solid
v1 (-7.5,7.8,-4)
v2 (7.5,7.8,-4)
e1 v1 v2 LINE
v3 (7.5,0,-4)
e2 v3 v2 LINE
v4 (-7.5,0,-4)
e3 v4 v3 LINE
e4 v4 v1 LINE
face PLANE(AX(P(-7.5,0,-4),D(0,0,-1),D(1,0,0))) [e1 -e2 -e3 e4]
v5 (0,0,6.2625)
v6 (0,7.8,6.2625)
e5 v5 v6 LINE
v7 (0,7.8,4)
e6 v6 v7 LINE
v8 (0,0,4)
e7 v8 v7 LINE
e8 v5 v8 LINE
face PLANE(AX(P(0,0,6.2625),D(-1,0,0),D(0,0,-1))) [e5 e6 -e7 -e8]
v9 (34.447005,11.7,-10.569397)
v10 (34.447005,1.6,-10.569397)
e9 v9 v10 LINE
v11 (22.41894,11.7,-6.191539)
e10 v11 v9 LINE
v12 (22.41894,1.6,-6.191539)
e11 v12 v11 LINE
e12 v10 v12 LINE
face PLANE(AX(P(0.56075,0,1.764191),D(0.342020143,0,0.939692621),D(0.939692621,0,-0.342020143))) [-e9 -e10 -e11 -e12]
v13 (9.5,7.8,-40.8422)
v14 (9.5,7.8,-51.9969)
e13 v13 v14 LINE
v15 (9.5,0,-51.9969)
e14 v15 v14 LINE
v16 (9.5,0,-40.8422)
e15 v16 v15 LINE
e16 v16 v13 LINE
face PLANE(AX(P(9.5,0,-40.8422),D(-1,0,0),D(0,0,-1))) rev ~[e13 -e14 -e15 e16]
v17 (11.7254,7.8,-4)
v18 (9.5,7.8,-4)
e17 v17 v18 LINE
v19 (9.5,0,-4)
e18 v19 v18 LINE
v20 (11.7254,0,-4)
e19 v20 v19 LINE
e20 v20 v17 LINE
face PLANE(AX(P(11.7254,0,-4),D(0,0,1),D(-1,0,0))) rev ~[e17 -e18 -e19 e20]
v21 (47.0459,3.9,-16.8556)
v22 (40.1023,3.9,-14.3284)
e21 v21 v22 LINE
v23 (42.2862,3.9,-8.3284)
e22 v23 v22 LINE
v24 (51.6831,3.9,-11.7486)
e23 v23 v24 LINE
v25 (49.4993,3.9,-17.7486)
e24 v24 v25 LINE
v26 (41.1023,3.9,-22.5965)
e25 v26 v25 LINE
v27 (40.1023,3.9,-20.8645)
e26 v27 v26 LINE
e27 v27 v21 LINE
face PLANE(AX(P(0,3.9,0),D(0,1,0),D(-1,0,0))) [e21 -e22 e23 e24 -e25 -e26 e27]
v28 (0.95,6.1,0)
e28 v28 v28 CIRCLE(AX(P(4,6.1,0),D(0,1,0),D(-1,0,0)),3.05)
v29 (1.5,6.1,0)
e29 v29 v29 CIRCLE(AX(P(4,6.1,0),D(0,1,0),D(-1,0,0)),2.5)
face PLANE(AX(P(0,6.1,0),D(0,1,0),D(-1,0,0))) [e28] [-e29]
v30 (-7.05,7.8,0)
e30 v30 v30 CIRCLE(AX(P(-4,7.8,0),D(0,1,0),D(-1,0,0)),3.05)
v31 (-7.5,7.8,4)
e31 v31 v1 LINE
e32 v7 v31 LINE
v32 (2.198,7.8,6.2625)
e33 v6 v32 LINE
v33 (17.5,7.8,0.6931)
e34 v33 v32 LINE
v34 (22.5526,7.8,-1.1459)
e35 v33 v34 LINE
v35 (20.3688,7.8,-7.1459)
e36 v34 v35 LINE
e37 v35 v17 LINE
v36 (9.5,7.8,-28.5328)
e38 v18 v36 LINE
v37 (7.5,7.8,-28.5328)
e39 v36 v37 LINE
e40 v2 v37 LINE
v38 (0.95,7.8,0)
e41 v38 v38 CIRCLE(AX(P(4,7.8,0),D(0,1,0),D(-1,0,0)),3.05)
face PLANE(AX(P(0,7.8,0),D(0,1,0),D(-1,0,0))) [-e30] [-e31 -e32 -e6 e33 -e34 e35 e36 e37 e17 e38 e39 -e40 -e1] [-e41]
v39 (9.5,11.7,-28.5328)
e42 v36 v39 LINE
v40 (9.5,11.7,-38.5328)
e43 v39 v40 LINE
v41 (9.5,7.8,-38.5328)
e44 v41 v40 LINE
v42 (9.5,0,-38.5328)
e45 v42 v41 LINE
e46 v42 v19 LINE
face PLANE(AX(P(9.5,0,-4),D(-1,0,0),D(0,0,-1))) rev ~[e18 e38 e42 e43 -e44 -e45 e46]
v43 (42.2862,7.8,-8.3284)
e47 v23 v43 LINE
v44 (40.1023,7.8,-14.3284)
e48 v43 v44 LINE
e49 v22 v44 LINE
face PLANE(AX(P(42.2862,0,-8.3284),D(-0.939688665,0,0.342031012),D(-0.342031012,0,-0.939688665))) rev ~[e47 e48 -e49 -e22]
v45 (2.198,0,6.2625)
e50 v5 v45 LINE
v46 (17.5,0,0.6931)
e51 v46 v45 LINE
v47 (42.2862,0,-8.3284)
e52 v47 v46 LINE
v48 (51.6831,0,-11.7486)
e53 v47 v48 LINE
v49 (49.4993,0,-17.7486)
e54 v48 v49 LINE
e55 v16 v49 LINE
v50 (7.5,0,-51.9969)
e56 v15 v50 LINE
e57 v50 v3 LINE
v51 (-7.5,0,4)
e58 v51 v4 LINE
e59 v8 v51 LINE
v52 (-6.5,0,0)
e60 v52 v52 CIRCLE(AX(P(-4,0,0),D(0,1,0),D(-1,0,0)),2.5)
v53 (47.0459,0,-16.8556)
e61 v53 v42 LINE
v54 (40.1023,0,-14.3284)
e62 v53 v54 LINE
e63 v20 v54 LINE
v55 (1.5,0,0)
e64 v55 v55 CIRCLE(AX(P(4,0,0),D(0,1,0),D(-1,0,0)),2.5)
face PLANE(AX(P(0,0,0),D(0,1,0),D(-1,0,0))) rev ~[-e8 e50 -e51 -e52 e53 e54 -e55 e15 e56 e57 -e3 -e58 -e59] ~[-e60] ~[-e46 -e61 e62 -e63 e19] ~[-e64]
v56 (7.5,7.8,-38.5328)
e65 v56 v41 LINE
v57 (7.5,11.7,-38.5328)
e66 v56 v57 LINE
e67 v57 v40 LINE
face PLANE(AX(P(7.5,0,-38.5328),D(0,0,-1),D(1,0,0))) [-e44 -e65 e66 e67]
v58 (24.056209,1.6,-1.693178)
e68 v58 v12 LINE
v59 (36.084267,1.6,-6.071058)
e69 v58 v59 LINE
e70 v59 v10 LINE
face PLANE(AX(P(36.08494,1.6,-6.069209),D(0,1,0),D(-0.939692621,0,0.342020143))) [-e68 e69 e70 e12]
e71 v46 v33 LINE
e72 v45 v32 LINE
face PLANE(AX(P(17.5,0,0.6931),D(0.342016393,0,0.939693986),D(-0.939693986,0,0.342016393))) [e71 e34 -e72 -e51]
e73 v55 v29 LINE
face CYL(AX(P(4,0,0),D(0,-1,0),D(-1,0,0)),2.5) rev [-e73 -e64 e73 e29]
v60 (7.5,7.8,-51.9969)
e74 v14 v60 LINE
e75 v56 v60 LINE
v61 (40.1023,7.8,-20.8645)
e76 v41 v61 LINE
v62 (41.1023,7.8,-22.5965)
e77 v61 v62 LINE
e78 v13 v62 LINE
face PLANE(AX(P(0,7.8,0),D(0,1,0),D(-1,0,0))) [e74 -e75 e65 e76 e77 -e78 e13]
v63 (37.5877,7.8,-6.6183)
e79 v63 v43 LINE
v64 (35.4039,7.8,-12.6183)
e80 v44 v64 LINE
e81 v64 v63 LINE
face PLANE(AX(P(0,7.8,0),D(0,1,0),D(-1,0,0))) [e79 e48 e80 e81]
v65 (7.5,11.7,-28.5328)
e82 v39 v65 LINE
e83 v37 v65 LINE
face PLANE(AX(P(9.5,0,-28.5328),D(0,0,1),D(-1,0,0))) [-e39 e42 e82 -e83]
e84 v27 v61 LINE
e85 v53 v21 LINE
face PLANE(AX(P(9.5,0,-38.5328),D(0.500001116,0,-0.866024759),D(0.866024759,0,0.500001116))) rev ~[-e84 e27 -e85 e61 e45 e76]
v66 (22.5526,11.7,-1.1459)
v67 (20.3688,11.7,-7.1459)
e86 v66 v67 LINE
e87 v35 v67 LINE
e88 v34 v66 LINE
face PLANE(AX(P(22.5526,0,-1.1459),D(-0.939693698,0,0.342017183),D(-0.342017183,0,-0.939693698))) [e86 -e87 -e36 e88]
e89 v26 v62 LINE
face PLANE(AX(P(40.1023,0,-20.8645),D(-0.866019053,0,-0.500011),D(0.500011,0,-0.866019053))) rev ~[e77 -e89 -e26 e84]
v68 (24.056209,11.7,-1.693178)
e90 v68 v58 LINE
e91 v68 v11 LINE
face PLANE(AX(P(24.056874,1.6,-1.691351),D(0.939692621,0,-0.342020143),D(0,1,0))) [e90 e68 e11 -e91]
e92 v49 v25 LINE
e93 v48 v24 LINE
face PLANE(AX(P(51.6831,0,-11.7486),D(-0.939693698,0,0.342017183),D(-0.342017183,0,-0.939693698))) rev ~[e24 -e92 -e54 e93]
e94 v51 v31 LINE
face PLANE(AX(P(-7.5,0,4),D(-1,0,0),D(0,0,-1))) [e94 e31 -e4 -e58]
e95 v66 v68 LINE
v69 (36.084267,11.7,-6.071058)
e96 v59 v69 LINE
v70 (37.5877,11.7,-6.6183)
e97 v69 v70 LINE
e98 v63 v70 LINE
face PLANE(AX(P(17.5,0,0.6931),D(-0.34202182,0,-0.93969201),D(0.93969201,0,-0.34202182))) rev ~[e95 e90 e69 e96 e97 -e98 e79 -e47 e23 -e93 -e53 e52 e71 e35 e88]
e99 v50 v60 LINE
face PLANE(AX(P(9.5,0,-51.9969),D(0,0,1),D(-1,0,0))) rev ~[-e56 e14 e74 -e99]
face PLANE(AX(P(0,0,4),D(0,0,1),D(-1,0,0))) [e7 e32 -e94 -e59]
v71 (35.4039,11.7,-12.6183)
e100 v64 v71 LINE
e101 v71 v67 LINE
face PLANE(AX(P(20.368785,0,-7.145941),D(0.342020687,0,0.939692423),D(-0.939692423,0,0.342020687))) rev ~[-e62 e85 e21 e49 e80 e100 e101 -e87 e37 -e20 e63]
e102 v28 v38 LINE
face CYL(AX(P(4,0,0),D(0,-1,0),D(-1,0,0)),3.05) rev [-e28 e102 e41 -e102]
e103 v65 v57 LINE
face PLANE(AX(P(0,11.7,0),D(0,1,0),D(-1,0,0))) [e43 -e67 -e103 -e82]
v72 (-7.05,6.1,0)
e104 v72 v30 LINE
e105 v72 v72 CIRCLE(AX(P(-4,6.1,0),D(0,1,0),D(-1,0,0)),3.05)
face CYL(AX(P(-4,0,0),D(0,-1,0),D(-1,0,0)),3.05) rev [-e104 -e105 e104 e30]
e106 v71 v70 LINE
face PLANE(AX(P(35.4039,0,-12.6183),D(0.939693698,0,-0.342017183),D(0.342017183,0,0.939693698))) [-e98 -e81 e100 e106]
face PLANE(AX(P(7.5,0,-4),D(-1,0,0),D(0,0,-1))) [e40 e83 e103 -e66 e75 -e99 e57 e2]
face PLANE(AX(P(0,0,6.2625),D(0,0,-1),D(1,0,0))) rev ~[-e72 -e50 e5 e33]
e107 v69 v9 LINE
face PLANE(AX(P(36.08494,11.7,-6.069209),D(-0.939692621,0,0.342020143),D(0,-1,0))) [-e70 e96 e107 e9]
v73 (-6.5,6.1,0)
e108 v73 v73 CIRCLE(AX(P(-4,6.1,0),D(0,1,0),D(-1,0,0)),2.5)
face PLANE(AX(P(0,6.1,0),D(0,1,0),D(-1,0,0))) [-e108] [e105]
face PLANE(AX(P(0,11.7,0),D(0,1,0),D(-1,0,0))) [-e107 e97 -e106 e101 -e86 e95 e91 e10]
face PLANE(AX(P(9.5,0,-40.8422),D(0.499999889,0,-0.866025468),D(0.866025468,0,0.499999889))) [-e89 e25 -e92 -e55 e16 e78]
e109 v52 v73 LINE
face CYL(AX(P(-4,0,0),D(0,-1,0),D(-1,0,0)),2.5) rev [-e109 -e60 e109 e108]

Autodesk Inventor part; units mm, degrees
ref_plane "YZ Plane" through (0, 0, 0) normal (1, 0, 0) x (0, 1, 0)
ref_plane "XZ Plane" through (0, 0, 0) normal (0, 1, 0) x (-1, 0, 0)
ref_plane "XY Plane" through (0, 0, 0) normal (0, 0, 1) x (1, 0, 0)
sketch "Sketch2" plane through (0, 0, 0) normal (0, 1, 0) x (-1, 0, 0)
  line L0 (7.5, -4) -> (-7.5, -4)
  line L1 (-7.5, -4) -> (-7.5, 4)
  line L2 (-7.5, 4) -> (7.5, 4)
  line L3 (7.5, 4) -> (7.5, -4)
  circle A0 centre (4, 0) radius 2.5
  circle A1 centre (-4, 0) radius 2.5
  line L4 (0, -4) -> (0, 11) construction
  circle A2 centre (0, 11) radius 3.7 construction
  line L5 (-30.3941, -4) -> (1.2655, 7.5231) construction
  line L6 (-17.5, -4) -> (-17.5, 0.6931)
  line L7 (-17.5, 0.6931) -> (0, 7.0625)
  line L8 (0, 7.0625) -> (0, 4)
  line L9 (-17.5, -4) -> (-7.5, -4)
  line L10 (-11.8902, 2.7349) -> (-12.4882, 4.3778) construction
  line L11 (-17.5, 0.6931) -> (-51.6831, -11.7486)
  line L12 (-51.6831, -11.7486) -> (-49.4993, -17.7486)
  circle A3 centre (0, 7.0625) radius 55 construction
  line L13 (0, 14.7) -> (0, 62.0625) construction
  line L14 (-49.4993, -17.7486) -> (-11.7254, -4)
  line L15 (-7.5, -4) -> (-7.5, -41.9969)
  line L16 (-7.5, -41.9969) -> (-49.4993, -17.7486)
  line L17 (-9.5, -4) -> (-9.5, -38.5328)
  line L18 (-9.5, -38.5328) -> (-47.0459, -16.8556)
  line L19 (0, 6.2625) -> (-2.198, 6.2625)
  line L20 (-22.5526, -1.1459) -> (-20.3688, -7.1459)
  line L21 (-20.3688, -7.1459) -> (-35.4039, -12.6183)
  line L22 (-35.4039, -12.6183) -> (-37.5877, -6.6183)
  line L23 (-37.5877, -6.6183) -> (-22.5526, -1.1459)
  line L24 (-9.5, -38.5328) -> (-9.5, -51.9969)
  line L25 (-9.5, -51.9969) -> (-7.5, -51.9969)
  line L26 (-7.5, -51.9969) -> (-7.5, -41.9969)
  arc A4 (0, 47.0625) -> (-37.5877, -6.6183) centre (0, 7.0625) ccw construction
  line L27 (-7.5, -38.5328) -> (-9.5, -38.5328)
  line L28 (-9.5, -38.5328) -> (-9.5, -28.5328)
  line L29 (-9.5, -28.5328) -> (-7.5, -28.5328)
  line L30 (-7.5, -28.5328) -> (-7.5, -38.5328)
  circle A5 centre (4, 0) radius 3.05
  circle A6 centre (-4, 0) radius 3.05
  line L31 (-42.2862, -8.3284) -> (-40.1023, -14.3284)
  line L32 (-40.1023, -20.8645) -> (-41.1023, -22.5965)
  point P0 (0, 0)
  point P1 (7.5, 0)
  point P2 (0, 3.5)
  point P3 (-9.5, -40.8422)
  dimension "d6" = 5
  dimension "d7" = 8
  dimension "d9" = 11
  dimension "d10" = 7.4
  dimension "d11" = 8
  dimension "d12" = 15
  dimension "d13" = 70
  dimension "d14" = 10
  dimension "d21" = 14
  dimension "d25" = 55
  dimension "d27" = 6
  dimension "d35" = 60
  dimension "d36" = 3.5
  dimension "d37" = 2
  dimension "d38" = 2
  dimension "d39" = 0.8
  dimension "d40" = 10
  dimension "d41" = 40
  dimension "d42" = 16
  dimension "d43" = 10
  dimension "d46" = 6.1
  dimension "d47" = 6.1
  dimension "d50" = 10
extrude "Extrusion1" add sketch "Sketch2" along normal blind 7.8 contours L0 L1 L2 L3 | L9 L6 L7 L19 L8 L2 L1 | L15 L29 L17 L9 | L14 L20 L11 L6 L9 | L15 L16 L24 L27 | L24 L16 L32 L18 | L26 L25 L24 L16 | L14 L31 L11 L22
extrude "Wyciągnięcie proste3" add sketch "Sketch2" along normal blind 11.7 contours L15 L27 L17 L29 | L14 L22 L11 L20
extrude "Wyciągnięcie proste4" add sketch "Sketch2" along normal blind 6.1 contours A5 | A6
extrude "Wyciągnięcie proste5" add sketch "Sketch2" along normal blind 3.9 contours L32 L16 L14 L18 | L14 L12 L11 L31
sketch "Szkic6" plane through (2.198, 0, 6.2625) normal (0.342, 0, 0.9397) x (0.9397, 0, -0.342)
  line L0 (21.661, 11.7) -> (37.661, 11.7) projected
  line L1 (23.261, 11.7) -> (36.061, 11.7)
  line L2 (36.061, 11.7) -> (36.061, 1.6)
  line L3 (36.061, 1.6) -> (23.261, 1.6)
  line L4 (23.261, 1.6) -> (23.261, 11.7)
  line L5 (37.661, 7.8) -> (37.661, 11.7) projected
  line L6 (21.661, 7.8) -> (21.661, 11.7) projected
  line L7 (0, 0) -> (52.661, 0) projected
  point P0 (0.0765, 0)
  point P1 (37.661, 9.75)
  point P2 (21.661, 9.75)
  dimension "d59" = 1.6
  dimension "d60" = 1.6
  dimension "d61" = 1.6
extrude "Wyciągnięcie proste7" cut sketch "Szkic6" against normal blind 4.785
mirror "Odbij1" [suppressed]
equation "\"d38\" = d37"
equation "\"d47\" = d46"
properties part number "blokerv9"
